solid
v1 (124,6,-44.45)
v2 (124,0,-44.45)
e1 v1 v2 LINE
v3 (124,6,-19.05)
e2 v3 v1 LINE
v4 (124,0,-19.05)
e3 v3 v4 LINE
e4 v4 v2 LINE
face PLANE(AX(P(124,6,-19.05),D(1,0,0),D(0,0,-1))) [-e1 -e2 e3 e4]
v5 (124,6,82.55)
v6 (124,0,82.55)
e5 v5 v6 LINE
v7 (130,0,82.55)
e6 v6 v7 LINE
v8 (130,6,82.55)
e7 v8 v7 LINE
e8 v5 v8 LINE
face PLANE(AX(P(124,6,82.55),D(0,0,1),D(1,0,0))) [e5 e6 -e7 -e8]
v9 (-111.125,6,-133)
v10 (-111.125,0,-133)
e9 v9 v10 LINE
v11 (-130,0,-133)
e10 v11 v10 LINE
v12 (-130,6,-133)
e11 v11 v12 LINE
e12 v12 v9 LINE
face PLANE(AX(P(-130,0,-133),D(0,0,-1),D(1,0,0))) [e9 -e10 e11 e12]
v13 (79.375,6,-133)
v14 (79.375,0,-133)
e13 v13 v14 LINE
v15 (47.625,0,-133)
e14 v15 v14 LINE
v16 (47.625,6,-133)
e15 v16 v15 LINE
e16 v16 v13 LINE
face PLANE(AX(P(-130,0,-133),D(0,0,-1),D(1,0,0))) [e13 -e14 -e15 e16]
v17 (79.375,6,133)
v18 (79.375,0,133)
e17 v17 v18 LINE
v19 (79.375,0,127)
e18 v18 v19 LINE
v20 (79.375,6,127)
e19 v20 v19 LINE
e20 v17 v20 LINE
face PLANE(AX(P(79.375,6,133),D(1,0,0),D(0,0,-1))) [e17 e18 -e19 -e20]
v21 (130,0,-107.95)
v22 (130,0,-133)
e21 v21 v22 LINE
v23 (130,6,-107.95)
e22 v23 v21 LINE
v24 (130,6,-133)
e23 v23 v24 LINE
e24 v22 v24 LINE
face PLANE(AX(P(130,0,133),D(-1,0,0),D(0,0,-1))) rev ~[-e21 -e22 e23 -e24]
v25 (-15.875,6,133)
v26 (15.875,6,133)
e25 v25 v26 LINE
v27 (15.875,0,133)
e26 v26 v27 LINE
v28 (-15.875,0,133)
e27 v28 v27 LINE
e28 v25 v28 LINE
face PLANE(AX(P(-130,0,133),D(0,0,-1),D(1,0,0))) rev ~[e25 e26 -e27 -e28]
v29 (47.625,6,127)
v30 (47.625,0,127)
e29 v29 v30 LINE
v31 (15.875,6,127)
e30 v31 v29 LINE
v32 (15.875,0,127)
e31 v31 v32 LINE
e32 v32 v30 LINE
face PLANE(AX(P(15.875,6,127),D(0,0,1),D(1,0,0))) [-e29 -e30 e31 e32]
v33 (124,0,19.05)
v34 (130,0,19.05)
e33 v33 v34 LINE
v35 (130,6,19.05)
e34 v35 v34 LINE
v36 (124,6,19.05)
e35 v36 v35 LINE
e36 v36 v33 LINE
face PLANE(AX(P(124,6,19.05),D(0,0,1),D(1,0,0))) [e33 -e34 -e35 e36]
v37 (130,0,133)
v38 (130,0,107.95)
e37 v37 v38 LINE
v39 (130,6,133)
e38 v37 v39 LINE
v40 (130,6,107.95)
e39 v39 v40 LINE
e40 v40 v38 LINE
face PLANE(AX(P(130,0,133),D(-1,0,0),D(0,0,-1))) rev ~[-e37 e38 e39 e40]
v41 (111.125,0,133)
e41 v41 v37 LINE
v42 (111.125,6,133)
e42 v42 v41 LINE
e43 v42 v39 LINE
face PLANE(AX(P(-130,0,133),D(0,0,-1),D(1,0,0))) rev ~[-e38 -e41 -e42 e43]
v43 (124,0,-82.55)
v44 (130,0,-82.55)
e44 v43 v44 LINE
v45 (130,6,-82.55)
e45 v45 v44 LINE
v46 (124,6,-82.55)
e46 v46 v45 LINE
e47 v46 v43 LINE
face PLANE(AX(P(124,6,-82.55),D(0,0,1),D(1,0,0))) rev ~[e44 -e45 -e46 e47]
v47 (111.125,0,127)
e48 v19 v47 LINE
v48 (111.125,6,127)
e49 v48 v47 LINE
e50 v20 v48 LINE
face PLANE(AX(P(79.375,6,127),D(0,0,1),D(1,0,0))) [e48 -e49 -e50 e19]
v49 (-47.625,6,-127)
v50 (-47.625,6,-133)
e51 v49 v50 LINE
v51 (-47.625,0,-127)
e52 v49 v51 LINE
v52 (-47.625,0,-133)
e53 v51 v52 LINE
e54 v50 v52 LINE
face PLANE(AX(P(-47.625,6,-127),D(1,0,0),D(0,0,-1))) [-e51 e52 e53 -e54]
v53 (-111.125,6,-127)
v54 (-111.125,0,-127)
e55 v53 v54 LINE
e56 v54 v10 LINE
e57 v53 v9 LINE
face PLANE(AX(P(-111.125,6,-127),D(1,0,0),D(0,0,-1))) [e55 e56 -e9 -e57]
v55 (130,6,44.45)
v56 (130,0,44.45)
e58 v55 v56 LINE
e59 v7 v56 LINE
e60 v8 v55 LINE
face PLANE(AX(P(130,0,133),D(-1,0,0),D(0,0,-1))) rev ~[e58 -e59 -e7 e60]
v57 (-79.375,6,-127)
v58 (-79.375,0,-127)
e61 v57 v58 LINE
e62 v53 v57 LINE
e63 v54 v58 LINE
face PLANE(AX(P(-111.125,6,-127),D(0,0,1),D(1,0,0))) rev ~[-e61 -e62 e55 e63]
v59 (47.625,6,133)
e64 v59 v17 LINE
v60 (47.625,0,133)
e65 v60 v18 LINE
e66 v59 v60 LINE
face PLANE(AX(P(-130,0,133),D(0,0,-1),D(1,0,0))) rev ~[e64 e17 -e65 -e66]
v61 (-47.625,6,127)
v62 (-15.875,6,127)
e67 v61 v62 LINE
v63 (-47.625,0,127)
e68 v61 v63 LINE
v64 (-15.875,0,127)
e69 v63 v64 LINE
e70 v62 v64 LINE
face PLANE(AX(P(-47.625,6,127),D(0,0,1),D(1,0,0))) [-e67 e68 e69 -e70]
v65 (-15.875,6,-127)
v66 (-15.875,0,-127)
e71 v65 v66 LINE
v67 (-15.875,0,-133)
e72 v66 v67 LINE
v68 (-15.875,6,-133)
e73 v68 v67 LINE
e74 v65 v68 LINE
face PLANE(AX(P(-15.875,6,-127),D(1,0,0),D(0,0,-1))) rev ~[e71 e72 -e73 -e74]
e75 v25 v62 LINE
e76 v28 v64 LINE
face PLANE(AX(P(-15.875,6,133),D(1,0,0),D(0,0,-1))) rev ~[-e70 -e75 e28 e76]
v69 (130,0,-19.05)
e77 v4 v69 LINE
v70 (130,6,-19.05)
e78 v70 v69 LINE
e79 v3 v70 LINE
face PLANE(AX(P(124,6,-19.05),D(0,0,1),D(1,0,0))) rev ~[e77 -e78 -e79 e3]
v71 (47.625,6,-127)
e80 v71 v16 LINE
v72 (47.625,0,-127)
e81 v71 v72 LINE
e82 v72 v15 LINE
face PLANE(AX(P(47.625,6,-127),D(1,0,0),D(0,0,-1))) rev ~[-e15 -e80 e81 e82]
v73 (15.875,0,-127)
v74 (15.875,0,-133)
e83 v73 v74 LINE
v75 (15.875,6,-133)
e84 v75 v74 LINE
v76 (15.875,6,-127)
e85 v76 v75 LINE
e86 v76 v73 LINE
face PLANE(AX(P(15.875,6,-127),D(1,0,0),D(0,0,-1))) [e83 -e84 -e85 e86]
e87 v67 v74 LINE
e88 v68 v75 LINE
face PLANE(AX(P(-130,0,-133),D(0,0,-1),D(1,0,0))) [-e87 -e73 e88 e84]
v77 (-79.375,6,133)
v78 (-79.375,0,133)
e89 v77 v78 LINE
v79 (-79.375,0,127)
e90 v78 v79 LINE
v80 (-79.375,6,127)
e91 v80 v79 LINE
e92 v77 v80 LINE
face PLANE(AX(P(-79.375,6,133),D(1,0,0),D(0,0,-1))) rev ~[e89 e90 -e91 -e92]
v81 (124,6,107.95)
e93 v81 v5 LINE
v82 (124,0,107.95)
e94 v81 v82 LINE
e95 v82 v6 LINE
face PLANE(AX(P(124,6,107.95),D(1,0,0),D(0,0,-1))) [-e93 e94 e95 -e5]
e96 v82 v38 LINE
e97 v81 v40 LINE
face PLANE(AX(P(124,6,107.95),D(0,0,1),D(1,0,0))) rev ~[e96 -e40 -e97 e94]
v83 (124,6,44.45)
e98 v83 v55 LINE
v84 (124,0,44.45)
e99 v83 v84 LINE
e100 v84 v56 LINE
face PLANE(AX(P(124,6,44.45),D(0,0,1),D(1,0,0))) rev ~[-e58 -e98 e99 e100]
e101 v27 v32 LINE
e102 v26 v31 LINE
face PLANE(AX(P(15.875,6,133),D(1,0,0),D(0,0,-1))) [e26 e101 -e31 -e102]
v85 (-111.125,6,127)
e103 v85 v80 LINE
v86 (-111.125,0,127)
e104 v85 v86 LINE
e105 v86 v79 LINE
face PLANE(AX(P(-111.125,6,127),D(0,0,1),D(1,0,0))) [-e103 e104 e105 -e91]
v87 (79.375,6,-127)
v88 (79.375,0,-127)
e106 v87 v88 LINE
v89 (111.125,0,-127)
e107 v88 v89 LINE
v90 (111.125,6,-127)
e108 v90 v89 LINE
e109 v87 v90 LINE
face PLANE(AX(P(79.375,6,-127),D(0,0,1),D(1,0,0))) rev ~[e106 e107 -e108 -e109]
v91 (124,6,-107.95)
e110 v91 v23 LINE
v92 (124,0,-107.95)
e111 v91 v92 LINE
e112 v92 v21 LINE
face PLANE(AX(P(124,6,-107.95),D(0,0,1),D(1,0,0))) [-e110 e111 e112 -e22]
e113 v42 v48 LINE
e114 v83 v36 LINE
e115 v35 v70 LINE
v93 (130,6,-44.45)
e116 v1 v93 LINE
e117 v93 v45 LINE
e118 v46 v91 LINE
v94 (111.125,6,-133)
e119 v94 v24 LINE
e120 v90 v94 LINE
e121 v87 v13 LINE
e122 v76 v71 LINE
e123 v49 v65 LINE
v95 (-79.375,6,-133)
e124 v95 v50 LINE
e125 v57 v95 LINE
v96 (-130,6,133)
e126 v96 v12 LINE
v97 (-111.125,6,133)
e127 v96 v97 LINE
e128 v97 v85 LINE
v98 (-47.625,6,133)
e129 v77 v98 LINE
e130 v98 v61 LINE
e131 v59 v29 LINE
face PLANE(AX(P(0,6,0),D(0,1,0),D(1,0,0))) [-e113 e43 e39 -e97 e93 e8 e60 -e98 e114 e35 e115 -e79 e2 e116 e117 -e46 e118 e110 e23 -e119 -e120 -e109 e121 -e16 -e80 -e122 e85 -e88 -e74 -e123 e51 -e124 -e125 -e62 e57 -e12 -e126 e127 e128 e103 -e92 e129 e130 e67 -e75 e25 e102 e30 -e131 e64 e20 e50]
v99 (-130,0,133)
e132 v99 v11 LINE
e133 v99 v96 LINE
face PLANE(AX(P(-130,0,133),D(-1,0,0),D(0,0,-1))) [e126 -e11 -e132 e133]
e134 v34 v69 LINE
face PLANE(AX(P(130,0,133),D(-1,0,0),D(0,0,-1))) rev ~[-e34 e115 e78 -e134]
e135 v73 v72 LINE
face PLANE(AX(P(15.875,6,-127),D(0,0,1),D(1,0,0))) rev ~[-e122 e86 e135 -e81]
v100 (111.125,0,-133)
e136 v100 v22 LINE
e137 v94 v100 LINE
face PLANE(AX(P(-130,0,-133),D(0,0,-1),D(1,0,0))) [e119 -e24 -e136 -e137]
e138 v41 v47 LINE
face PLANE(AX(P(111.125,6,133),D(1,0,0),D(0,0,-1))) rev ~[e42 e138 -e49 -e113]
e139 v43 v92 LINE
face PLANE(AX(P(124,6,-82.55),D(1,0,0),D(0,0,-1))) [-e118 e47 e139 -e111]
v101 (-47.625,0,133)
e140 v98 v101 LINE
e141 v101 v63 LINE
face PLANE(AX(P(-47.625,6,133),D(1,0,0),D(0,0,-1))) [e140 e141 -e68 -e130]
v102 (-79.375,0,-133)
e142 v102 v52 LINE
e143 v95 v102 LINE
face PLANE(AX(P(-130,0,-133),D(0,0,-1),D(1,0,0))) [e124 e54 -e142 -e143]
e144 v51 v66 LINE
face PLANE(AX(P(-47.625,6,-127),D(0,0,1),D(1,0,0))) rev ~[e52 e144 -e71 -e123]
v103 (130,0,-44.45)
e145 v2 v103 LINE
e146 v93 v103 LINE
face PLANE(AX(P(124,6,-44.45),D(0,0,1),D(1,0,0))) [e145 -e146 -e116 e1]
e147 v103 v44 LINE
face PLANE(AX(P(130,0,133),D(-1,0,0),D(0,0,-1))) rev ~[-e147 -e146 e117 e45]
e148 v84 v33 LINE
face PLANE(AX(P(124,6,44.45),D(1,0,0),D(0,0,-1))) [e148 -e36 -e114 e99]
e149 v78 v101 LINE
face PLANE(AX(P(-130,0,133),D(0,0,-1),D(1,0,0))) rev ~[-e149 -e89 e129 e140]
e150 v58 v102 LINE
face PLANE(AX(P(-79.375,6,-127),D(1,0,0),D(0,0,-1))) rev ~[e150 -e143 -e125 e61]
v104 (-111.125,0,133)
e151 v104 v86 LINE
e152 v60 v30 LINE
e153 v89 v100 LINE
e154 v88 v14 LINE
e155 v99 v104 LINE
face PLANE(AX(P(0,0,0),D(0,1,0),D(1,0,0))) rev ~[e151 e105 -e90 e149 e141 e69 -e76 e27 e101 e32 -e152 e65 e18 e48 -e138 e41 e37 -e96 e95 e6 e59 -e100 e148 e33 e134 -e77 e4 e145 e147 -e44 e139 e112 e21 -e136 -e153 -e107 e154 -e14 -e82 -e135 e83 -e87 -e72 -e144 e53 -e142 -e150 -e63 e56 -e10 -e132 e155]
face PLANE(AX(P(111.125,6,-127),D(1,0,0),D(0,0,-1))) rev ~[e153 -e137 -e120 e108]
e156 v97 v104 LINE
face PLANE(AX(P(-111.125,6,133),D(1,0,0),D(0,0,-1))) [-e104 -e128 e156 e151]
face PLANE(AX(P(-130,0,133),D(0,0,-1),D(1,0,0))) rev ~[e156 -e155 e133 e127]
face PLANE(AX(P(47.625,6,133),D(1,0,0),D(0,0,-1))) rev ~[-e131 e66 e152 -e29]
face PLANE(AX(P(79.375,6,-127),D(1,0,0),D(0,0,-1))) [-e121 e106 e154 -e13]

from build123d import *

# Parameters (mm, degrees)
SKETCH1_W           = 260
SKETCH1_H           = 266
BOSS_EXTRUDE1_DEPTH = 6
SKETCH2_W           = 31.75
SKETCH2_H           = 6
SKETCH2_W_2         = 6
SKETCH2_H_2         = 25.4
TAB_CUT_OUTS_DEPTH  = 6


with BuildPart() as part:
    # Sketch1 → Boss-Extrude1 (new body)
    with BuildSketch(Plane(origin=(0, 0, 0), x_dir=(1, 0, 0), z_dir=(0, 1, 0))):
        Rectangle(SKETCH1_W, SKETCH1_H)
    extrude(amount=BOSS_EXTRUDE1_DEPTH)

    # Sketch2 → Tab Cut Outs (cut)
    with BuildSketch(Plane(origin=(0, 6, 0), x_dir=(1, 0, 0), z_dir=(0, 1, 0))):
        with Locations((95.25, 130)):
            Rectangle(SKETCH2_W, SKETCH2_H)
        with Locations((-31.75, 130)):
            Rectangle(SKETCH2_W, SKETCH2_H)
        with Locations((-95.25, 130)):
            Rectangle(SKETCH2_W, SKETCH2_H)
        with Locations((31.75, 130)):
            Rectangle(SKETCH2_W, SKETCH2_H)
        with Locations((31.75, -130)):
            Rectangle(SKETCH2_W, SKETCH2_H)
        with Locations((95.25, -130)):
            Rectangle(SKETCH2_W, SKETCH2_H)
        with Locations((-95.25, -130)):
            Rectangle(SKETCH2_W, SKETCH2_H)
        with Locations((-31.75, -130)):
            Rectangle(SKETCH2_W, SKETCH2_H)
        with Locations((127, -95.25)):
            Rectangle(SKETCH2_W_2, SKETCH2_H_2)
        with Locations((127, 31.75)):
            Rectangle(SKETCH2_W_2, SKETCH2_H_2)
        with Locations((127, 95.25)):
            Rectangle(SKETCH2_W_2, SKETCH2_H_2)
        with Locations((127, -31.75)):
            Rectangle(SKETCH2_W_2, SKETCH2_H_2)
    extrude(amount=-TAB_CUT_OUTS_DEPTH, mode=Mode.SUBTRACT)


solid = part.part
